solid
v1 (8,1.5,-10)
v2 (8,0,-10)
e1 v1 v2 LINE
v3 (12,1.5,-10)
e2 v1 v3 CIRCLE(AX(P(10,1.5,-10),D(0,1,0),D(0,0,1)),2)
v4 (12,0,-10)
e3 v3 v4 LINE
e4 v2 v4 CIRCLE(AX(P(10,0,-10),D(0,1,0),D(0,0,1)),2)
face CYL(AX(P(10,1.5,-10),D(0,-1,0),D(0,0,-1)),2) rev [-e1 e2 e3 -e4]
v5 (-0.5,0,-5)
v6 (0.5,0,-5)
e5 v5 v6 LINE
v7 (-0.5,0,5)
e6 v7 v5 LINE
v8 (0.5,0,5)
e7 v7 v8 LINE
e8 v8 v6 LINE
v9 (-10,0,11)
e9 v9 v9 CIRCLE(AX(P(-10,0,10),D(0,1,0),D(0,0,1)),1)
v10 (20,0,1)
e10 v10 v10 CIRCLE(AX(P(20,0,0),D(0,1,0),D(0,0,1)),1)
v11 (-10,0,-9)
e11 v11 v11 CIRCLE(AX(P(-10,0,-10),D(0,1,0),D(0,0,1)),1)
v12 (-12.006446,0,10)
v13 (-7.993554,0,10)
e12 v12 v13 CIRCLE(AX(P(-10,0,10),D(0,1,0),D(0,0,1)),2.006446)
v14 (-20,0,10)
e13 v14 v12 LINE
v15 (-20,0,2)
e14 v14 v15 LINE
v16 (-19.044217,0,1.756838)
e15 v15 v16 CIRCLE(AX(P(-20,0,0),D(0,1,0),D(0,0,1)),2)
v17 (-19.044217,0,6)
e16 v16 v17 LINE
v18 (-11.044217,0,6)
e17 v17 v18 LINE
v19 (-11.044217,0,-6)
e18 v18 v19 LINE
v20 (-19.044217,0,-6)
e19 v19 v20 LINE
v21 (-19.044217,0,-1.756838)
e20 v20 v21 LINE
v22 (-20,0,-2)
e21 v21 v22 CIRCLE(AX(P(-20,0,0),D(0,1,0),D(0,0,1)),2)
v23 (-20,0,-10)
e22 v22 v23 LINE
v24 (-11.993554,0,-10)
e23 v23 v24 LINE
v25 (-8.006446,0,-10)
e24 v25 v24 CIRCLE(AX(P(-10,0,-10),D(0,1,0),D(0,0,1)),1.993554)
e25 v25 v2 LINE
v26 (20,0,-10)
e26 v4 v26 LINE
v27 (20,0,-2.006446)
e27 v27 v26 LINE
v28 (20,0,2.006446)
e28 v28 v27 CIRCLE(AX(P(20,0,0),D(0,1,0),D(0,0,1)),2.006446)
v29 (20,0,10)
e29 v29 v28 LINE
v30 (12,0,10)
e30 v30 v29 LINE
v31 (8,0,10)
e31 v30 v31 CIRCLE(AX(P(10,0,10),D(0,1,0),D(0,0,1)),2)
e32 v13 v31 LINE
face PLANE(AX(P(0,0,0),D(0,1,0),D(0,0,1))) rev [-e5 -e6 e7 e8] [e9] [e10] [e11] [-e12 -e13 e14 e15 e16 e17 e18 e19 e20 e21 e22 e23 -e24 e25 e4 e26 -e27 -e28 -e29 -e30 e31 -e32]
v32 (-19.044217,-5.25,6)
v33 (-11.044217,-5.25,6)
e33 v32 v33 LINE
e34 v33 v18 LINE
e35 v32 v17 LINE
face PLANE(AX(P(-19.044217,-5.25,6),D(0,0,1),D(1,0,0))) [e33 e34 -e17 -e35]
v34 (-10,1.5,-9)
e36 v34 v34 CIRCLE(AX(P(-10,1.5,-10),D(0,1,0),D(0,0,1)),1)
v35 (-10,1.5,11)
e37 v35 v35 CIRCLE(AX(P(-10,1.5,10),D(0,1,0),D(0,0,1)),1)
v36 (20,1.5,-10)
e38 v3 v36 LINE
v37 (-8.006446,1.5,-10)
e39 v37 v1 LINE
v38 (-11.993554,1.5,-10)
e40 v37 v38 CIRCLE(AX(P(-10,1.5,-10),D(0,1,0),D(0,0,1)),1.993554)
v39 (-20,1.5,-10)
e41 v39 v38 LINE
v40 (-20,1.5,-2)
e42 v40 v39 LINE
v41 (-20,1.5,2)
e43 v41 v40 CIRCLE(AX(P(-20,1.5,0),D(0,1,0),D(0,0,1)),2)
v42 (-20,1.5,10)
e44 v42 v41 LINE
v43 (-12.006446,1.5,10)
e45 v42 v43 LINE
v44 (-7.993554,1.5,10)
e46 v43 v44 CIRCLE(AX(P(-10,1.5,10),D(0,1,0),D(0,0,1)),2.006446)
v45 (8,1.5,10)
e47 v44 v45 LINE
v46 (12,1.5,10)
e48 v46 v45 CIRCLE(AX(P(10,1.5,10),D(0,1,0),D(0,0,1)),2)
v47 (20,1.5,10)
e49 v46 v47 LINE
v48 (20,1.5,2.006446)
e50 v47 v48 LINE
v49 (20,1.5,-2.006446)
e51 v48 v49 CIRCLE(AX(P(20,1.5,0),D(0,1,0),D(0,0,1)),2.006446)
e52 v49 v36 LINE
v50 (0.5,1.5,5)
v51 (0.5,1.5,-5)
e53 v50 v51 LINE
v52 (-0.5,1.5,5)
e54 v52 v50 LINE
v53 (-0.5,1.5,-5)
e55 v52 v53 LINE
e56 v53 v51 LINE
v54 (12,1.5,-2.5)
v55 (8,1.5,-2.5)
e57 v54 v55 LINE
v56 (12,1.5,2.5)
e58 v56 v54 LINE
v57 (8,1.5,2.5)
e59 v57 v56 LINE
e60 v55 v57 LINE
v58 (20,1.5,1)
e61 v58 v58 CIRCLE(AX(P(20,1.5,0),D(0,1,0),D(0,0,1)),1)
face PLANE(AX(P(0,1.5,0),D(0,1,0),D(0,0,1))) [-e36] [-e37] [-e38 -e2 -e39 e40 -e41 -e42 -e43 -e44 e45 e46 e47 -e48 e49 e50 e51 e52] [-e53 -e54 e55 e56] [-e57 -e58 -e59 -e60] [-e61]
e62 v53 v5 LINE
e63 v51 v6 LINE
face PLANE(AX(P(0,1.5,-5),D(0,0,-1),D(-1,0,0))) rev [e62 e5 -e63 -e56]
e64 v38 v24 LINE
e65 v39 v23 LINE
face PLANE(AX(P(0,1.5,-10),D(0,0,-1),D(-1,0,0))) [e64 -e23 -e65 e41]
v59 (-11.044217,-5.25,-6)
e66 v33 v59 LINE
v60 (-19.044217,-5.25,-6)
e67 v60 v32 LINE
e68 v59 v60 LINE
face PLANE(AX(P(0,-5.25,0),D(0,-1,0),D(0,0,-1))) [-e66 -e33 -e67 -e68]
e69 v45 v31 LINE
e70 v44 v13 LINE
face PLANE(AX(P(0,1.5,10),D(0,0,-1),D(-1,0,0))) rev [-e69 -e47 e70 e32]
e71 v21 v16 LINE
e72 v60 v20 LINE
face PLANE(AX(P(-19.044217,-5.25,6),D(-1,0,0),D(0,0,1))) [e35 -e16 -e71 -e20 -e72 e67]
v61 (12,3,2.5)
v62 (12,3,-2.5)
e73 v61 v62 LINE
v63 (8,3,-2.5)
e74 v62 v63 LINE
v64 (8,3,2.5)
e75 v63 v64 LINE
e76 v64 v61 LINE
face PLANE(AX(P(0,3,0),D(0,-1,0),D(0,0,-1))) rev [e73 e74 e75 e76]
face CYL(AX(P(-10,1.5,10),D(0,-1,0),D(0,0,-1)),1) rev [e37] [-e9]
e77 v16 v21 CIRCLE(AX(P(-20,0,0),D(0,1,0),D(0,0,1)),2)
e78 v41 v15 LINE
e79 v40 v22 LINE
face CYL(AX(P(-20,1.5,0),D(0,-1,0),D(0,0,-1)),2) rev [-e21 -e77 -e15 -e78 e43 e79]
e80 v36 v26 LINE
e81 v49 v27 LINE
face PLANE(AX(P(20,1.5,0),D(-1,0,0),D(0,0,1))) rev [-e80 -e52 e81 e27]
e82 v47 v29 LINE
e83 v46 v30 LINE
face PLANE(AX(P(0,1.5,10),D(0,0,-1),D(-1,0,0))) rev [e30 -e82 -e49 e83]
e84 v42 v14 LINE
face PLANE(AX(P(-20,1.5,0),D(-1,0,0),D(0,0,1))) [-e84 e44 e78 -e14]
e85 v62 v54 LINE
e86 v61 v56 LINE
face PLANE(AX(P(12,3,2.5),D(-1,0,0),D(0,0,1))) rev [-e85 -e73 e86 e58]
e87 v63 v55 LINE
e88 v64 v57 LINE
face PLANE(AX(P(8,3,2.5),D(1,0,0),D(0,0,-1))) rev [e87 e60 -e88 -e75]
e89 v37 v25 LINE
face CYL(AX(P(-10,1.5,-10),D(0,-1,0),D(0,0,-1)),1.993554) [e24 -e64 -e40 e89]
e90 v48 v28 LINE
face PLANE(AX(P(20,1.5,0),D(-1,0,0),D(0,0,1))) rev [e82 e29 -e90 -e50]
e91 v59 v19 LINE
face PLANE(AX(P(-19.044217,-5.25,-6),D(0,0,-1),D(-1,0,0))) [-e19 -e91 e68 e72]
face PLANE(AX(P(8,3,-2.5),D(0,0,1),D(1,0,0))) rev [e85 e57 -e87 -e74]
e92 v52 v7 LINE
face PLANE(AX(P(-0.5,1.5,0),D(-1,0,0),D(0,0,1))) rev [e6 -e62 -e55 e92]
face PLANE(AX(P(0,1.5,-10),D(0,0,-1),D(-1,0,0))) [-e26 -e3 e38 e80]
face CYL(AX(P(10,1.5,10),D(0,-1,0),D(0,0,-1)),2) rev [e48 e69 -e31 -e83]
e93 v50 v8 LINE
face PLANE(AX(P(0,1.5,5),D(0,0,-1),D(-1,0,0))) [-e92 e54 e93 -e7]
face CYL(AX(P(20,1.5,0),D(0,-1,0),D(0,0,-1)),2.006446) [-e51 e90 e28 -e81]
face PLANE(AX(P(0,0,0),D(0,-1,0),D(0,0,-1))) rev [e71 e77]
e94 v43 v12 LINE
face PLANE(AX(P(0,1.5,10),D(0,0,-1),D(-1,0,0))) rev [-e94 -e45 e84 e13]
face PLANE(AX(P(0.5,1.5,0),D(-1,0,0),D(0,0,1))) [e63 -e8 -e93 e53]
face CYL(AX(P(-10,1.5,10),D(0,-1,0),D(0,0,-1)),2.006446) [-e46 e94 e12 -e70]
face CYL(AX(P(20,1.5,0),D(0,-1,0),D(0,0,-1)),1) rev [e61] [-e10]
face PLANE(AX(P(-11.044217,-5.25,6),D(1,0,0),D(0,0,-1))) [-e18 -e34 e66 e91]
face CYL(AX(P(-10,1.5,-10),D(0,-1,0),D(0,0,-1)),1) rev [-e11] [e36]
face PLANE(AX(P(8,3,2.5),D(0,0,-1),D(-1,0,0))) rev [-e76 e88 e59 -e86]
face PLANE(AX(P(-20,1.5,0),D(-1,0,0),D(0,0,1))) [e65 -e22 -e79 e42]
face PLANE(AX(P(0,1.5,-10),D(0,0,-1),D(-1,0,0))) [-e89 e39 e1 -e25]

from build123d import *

# Parameters (mm, degrees)
ESQUISSE1_R           = 1
ESQUISSE1_W           = 1
ESQUISSE1_H           = 10
BASE_DEPTH            = 1.5
ESQUISSE2_W           = 4
ESQUISSE2_H           = 5
SOIC_8_DEPTH          = 1.5
ESQUISSE3_W           = 8
ESQUISSE3_H           = 12
GROVE_CONNECTOR_DEPTH = 5.25


with BuildPart() as part:
    # Esquisse1 → Base (new body)
    with BuildSketch(Plane(origin=(0, 0, 0), x_dir=(1, 0, 0), z_dir=(0, 1, 0))):
        with BuildLine():
            Line((-20, -2), (-20, -10))
            Line((-20, -10), (-12.006445979, -10))
            ThreePointArc((-12.006445979, -10), (-10, -12.006445979), (-7.993554021, -10))
            Line((-7.993554021, -10), (8, -10))
            ThreePointArc((8, -10), (10, -8), (12, -10))
            Line((12, -10), (20, -10))
            Line((20, -10), (20, -2.006445979))
            ThreePointArc((20, -2.006445979), (22.006445979, 0), (20, 2.006445979))
            Line((20, 2.006445979), (20, 10))
            Line((20, 10), (12, 10))
            ThreePointArc((12, 10), (10, 8), (8, 10))
            Line((8, 10), (-8.006445979, 10))
            ThreePointArc((-8.006445979, 10), (-10, 11.993554021), (-11.993554021, 10))
            Line((-11.993554021, 10), (-20, 10))
            Line((-20, 10), (-20, 2))
            ThreePointArc((-20, 2), (-18, 0), (-20, -2))
        make_face()
        with Locations(Location((20, 0, 0), (0, 0, 270))):
            Circle(ESQUISSE1_R, mode=Mode.SUBTRACT)
        with Locations(Location((-10, 10, 0), (0, 0, 270))):
            Circle(ESQUISSE1_R, mode=Mode.SUBTRACT)
        with Locations(Location((-10, -10, 0), (0, 0, 270))):
            Circle(ESQUISSE1_R, mode=Mode.SUBTRACT)
        Rectangle(ESQUISSE1_W, ESQUISSE1_H, mode=Mode.SUBTRACT)
    extrude(amount=BASE_DEPTH)

    # Esquisse2 → SOIC-8 (add)
    with BuildSketch(Plane(origin=(0, 1.5, 0), x_dir=(1, 0, 0), z_dir=(0, 1, 0))):
        with Locations((10, 0)):
            Rectangle(ESQUISSE2_W, ESQUISSE2_H)
    extrude(amount=SOIC_8_DEPTH)

    # Esquisse3 → Grove connector (add)
    with BuildSketch(Plane(origin=(0, 0, 0), x_dir=(1, 0, 0), z_dir=(0, 1, 0))):
        with Locations((-15.044217332, 0)):
            Rectangle(ESQUISSE3_W, ESQUISSE3_H)
    extrude(amount=-GROVE_CONNECTOR_DEPTH)


solid = part.part
